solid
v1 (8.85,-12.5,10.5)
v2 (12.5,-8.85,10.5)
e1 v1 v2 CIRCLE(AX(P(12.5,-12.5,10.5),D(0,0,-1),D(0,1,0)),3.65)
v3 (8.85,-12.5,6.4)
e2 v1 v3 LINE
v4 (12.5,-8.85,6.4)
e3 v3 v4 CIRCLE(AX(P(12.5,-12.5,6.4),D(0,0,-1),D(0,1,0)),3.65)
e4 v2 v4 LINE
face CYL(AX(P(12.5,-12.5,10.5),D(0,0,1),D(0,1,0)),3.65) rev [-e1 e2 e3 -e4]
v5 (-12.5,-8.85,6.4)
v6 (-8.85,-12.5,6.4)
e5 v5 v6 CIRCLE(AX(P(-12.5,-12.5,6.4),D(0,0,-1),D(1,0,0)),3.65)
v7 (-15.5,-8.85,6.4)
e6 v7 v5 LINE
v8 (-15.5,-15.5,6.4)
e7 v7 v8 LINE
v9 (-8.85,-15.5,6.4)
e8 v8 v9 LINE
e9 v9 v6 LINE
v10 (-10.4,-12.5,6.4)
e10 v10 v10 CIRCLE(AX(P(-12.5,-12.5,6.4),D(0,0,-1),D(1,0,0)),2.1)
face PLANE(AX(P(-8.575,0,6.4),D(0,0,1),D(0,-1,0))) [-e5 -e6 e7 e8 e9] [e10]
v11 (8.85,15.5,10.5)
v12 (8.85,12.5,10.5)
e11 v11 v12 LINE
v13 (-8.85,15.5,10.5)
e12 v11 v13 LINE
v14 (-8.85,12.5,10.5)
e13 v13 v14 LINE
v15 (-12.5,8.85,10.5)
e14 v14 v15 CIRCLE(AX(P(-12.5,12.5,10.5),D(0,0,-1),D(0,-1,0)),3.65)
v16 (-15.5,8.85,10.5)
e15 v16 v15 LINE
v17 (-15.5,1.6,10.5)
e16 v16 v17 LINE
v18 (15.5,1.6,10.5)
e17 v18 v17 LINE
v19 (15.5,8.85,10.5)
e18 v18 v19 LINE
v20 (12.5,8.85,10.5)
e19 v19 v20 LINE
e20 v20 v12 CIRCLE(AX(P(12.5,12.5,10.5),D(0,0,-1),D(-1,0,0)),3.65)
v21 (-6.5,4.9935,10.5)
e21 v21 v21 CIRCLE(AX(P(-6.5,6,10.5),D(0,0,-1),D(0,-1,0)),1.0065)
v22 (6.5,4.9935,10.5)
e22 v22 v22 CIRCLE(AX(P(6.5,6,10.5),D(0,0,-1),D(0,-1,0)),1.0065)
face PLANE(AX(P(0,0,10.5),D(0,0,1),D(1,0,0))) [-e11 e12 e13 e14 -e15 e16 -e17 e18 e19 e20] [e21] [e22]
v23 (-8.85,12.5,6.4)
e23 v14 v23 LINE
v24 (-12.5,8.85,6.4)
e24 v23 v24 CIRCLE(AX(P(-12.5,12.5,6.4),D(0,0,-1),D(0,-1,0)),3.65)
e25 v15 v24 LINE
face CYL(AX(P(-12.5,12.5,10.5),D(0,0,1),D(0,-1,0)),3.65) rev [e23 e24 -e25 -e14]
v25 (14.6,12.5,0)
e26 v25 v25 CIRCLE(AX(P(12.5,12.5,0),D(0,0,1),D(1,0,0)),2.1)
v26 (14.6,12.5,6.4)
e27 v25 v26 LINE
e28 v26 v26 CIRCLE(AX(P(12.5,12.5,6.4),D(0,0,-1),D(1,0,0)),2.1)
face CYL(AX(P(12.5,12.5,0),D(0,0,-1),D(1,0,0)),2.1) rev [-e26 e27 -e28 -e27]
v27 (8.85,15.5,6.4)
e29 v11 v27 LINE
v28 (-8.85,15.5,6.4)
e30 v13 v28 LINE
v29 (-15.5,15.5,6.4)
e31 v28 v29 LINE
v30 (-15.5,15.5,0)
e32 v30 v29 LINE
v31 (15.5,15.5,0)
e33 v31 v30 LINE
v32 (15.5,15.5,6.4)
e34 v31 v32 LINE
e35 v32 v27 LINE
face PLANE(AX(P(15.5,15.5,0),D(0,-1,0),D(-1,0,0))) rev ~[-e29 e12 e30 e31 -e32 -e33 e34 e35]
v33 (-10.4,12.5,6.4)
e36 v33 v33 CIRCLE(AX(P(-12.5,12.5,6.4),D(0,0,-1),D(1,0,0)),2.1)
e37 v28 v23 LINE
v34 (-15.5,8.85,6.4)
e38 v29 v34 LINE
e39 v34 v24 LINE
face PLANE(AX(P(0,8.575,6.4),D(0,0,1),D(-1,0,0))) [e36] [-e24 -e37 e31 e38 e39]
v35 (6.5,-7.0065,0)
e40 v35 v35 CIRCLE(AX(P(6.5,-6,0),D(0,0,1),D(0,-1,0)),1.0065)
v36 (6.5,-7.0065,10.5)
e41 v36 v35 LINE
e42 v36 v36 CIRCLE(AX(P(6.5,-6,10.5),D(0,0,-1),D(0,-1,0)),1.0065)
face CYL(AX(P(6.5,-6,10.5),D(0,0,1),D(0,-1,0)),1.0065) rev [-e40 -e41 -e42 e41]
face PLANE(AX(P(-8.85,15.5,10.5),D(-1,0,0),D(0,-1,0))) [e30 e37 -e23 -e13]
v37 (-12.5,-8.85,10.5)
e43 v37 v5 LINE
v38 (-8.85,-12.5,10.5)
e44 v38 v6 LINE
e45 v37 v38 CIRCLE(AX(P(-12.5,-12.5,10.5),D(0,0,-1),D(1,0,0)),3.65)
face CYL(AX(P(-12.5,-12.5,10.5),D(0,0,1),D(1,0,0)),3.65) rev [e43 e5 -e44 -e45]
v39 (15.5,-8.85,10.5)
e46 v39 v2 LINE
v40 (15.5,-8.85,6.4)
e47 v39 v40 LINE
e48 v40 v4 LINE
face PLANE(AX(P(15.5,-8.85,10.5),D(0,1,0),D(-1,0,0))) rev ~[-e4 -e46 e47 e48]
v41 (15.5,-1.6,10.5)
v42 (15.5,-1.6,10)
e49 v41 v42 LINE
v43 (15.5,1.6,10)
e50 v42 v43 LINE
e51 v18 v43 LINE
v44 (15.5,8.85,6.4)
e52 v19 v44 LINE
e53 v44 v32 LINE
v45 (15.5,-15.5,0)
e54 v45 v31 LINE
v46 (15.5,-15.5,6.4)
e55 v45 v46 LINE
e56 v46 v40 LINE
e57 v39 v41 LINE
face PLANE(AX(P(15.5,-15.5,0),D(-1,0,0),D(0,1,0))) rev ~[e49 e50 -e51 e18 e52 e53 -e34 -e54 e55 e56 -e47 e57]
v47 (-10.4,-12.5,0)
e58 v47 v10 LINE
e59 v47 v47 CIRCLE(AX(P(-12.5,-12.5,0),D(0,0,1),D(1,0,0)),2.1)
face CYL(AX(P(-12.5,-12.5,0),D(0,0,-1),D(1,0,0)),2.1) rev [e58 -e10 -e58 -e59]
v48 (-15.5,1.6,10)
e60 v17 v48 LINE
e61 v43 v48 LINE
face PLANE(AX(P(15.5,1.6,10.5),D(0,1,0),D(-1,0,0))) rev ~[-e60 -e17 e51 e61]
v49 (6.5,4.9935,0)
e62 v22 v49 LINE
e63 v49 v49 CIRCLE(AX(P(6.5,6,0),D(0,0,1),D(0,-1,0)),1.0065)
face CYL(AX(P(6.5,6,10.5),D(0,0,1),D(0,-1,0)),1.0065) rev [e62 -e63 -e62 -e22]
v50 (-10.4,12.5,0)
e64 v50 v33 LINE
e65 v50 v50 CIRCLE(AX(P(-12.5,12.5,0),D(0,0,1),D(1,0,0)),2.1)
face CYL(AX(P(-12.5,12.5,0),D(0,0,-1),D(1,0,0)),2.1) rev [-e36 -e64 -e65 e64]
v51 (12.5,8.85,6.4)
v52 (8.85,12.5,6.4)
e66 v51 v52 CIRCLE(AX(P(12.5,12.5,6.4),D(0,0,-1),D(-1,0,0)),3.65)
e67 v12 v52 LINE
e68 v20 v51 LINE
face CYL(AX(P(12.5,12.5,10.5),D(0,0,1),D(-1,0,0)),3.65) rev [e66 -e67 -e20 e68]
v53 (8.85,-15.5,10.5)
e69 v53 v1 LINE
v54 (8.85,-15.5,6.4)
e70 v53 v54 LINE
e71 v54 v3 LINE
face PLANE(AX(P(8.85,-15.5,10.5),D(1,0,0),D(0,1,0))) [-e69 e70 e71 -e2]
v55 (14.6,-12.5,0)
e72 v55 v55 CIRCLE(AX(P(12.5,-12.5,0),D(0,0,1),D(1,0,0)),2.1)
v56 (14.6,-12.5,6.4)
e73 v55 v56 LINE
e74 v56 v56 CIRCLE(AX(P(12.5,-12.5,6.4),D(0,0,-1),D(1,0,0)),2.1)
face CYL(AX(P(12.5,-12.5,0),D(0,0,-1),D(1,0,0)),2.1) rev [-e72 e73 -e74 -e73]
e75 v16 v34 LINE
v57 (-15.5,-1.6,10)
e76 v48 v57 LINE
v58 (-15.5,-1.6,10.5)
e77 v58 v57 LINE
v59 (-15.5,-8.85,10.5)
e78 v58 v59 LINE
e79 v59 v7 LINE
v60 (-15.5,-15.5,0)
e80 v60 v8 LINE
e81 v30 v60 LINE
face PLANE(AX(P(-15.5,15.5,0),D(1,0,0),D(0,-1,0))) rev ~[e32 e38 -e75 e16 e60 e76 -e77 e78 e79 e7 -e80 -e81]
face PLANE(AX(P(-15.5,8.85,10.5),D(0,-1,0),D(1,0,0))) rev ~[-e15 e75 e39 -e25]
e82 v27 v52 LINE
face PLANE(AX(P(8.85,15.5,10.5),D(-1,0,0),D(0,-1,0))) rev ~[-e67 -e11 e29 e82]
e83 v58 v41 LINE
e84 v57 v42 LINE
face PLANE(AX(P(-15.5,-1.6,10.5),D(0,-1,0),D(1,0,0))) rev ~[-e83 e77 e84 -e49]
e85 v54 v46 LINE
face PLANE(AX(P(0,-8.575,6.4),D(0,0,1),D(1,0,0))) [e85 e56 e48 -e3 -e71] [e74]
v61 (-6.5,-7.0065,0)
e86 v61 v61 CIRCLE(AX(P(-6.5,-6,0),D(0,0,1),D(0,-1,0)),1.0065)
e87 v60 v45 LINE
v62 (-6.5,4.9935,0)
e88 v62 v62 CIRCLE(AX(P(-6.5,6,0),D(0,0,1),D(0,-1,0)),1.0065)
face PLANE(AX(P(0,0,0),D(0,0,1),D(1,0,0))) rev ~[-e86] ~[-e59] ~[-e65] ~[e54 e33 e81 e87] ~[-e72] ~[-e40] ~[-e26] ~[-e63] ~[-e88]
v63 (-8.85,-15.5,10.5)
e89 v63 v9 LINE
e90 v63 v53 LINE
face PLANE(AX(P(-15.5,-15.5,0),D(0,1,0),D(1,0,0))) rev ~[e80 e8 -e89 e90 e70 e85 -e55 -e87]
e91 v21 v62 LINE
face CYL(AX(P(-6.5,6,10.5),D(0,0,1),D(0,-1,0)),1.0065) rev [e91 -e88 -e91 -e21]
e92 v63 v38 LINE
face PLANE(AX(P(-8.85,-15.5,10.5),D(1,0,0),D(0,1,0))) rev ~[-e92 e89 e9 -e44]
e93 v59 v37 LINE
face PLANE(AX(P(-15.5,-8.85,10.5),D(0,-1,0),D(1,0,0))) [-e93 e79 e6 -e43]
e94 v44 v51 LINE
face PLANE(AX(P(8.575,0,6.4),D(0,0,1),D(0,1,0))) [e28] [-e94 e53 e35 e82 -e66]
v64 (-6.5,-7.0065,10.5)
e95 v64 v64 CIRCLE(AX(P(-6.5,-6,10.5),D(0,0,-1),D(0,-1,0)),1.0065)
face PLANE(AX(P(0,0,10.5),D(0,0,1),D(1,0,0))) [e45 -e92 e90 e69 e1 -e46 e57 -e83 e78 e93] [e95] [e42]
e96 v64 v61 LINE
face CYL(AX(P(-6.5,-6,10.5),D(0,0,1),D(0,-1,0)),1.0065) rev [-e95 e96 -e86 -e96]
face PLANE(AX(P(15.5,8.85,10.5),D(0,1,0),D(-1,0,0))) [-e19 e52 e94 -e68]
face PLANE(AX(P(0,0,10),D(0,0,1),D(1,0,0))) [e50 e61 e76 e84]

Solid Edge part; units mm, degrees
sketch "Sketch1" plane through (0, 0, 0) normal (0, 0, 1) x (1, 0, 0)
  line L0 (-15.5, -15.5) -> (15.5, -15.5)
  line L1 (15.5, -15.5) -> (15.5, 15.5)
  line L2 (15.5, 15.5) -> (-15.5, 15.5)
  line L3 (-15.5, 15.5) -> (-15.5, -15.5)
  circle A0 centre (-12.5, -12.5) radius 2.1
  circle A1 centre (-12.5, 12.5) radius 2.1
  circle A2 centre (12.5, 12.5) radius 2.1
  circle A3 centre (12.5, -12.5) radius 2.1
  dimension "D1" = 25
  dimension "D2" = 25
  dimension "D3" = 12.5
  dimension "D4" = 12.5
  dimension "D5" = 31
  dimension "D6" = 31
extrude "Protrusion1" add sketch "Sketch1" along normal blind 10.5
hole "Hole_1" at (-6.5, -6, 10.5) direction (0, 0, -1) diameter 2.013 end up to next
hole "Hole1" at (-6.5, 6, 10.5) direction (0, 0, -1) diameter 2.013 end up to next
hole "Hole2" at (6.5, 6, 10.5) direction (0, 0, -1) diameter 2.013 end up to next
hole "Hole3" at (6.5, -6, 10.5) direction (0, 0, -1) diameter 2.013 end up to next
sketch "Sketch2" plane through (0, 0, 10.5) normal (0, 0, 1) x (0, 1, 0)
  line L0 (-1.6, -15.5) -> (1.6, -15.5)
  line L1 (1.6, -15.5) -> (1.6, 15.5)
  line L2 (1.6, 15.5) -> (-1.6, 15.5)
  line L3 (-1.6, 15.5) -> (-1.6, -15.5)
  dimension "D1" = 3.2
extrude "ExtrudedCutout_1" cut sketch "Sketch2" against normal blind 0.5
sketch "Sketch3" plane through (0, -8.575, 10.5) normal (0, 0, 1) x (0, 1, 0)
  line L0 (-6.925, -8.85) -> (-3.925, -8.85)
  arc A0 (-3.925, -8.85) -> (-0.275, -12.5) centre (-3.925, -12.5) cw
  line L1 (-0.275, -15.5) -> (-0.275, -12.5)
  dimension "D1" = 3.65
  dimension "D2" = 3.65
  dimension "D3" = 3
  dimension "D4" = 3
  dimension "D5" = 3.65
extrude "ExtrudedCutout_2" cut sketch "Sketch3" against normal blind 4.1 material side at (8.9, -14, 10.5)
pattern_circular "Pattern2" count 4 over 360 about axis through (0, 0, 10.5) along (0, 0, -1) of "ExtrudedCutout_2"
